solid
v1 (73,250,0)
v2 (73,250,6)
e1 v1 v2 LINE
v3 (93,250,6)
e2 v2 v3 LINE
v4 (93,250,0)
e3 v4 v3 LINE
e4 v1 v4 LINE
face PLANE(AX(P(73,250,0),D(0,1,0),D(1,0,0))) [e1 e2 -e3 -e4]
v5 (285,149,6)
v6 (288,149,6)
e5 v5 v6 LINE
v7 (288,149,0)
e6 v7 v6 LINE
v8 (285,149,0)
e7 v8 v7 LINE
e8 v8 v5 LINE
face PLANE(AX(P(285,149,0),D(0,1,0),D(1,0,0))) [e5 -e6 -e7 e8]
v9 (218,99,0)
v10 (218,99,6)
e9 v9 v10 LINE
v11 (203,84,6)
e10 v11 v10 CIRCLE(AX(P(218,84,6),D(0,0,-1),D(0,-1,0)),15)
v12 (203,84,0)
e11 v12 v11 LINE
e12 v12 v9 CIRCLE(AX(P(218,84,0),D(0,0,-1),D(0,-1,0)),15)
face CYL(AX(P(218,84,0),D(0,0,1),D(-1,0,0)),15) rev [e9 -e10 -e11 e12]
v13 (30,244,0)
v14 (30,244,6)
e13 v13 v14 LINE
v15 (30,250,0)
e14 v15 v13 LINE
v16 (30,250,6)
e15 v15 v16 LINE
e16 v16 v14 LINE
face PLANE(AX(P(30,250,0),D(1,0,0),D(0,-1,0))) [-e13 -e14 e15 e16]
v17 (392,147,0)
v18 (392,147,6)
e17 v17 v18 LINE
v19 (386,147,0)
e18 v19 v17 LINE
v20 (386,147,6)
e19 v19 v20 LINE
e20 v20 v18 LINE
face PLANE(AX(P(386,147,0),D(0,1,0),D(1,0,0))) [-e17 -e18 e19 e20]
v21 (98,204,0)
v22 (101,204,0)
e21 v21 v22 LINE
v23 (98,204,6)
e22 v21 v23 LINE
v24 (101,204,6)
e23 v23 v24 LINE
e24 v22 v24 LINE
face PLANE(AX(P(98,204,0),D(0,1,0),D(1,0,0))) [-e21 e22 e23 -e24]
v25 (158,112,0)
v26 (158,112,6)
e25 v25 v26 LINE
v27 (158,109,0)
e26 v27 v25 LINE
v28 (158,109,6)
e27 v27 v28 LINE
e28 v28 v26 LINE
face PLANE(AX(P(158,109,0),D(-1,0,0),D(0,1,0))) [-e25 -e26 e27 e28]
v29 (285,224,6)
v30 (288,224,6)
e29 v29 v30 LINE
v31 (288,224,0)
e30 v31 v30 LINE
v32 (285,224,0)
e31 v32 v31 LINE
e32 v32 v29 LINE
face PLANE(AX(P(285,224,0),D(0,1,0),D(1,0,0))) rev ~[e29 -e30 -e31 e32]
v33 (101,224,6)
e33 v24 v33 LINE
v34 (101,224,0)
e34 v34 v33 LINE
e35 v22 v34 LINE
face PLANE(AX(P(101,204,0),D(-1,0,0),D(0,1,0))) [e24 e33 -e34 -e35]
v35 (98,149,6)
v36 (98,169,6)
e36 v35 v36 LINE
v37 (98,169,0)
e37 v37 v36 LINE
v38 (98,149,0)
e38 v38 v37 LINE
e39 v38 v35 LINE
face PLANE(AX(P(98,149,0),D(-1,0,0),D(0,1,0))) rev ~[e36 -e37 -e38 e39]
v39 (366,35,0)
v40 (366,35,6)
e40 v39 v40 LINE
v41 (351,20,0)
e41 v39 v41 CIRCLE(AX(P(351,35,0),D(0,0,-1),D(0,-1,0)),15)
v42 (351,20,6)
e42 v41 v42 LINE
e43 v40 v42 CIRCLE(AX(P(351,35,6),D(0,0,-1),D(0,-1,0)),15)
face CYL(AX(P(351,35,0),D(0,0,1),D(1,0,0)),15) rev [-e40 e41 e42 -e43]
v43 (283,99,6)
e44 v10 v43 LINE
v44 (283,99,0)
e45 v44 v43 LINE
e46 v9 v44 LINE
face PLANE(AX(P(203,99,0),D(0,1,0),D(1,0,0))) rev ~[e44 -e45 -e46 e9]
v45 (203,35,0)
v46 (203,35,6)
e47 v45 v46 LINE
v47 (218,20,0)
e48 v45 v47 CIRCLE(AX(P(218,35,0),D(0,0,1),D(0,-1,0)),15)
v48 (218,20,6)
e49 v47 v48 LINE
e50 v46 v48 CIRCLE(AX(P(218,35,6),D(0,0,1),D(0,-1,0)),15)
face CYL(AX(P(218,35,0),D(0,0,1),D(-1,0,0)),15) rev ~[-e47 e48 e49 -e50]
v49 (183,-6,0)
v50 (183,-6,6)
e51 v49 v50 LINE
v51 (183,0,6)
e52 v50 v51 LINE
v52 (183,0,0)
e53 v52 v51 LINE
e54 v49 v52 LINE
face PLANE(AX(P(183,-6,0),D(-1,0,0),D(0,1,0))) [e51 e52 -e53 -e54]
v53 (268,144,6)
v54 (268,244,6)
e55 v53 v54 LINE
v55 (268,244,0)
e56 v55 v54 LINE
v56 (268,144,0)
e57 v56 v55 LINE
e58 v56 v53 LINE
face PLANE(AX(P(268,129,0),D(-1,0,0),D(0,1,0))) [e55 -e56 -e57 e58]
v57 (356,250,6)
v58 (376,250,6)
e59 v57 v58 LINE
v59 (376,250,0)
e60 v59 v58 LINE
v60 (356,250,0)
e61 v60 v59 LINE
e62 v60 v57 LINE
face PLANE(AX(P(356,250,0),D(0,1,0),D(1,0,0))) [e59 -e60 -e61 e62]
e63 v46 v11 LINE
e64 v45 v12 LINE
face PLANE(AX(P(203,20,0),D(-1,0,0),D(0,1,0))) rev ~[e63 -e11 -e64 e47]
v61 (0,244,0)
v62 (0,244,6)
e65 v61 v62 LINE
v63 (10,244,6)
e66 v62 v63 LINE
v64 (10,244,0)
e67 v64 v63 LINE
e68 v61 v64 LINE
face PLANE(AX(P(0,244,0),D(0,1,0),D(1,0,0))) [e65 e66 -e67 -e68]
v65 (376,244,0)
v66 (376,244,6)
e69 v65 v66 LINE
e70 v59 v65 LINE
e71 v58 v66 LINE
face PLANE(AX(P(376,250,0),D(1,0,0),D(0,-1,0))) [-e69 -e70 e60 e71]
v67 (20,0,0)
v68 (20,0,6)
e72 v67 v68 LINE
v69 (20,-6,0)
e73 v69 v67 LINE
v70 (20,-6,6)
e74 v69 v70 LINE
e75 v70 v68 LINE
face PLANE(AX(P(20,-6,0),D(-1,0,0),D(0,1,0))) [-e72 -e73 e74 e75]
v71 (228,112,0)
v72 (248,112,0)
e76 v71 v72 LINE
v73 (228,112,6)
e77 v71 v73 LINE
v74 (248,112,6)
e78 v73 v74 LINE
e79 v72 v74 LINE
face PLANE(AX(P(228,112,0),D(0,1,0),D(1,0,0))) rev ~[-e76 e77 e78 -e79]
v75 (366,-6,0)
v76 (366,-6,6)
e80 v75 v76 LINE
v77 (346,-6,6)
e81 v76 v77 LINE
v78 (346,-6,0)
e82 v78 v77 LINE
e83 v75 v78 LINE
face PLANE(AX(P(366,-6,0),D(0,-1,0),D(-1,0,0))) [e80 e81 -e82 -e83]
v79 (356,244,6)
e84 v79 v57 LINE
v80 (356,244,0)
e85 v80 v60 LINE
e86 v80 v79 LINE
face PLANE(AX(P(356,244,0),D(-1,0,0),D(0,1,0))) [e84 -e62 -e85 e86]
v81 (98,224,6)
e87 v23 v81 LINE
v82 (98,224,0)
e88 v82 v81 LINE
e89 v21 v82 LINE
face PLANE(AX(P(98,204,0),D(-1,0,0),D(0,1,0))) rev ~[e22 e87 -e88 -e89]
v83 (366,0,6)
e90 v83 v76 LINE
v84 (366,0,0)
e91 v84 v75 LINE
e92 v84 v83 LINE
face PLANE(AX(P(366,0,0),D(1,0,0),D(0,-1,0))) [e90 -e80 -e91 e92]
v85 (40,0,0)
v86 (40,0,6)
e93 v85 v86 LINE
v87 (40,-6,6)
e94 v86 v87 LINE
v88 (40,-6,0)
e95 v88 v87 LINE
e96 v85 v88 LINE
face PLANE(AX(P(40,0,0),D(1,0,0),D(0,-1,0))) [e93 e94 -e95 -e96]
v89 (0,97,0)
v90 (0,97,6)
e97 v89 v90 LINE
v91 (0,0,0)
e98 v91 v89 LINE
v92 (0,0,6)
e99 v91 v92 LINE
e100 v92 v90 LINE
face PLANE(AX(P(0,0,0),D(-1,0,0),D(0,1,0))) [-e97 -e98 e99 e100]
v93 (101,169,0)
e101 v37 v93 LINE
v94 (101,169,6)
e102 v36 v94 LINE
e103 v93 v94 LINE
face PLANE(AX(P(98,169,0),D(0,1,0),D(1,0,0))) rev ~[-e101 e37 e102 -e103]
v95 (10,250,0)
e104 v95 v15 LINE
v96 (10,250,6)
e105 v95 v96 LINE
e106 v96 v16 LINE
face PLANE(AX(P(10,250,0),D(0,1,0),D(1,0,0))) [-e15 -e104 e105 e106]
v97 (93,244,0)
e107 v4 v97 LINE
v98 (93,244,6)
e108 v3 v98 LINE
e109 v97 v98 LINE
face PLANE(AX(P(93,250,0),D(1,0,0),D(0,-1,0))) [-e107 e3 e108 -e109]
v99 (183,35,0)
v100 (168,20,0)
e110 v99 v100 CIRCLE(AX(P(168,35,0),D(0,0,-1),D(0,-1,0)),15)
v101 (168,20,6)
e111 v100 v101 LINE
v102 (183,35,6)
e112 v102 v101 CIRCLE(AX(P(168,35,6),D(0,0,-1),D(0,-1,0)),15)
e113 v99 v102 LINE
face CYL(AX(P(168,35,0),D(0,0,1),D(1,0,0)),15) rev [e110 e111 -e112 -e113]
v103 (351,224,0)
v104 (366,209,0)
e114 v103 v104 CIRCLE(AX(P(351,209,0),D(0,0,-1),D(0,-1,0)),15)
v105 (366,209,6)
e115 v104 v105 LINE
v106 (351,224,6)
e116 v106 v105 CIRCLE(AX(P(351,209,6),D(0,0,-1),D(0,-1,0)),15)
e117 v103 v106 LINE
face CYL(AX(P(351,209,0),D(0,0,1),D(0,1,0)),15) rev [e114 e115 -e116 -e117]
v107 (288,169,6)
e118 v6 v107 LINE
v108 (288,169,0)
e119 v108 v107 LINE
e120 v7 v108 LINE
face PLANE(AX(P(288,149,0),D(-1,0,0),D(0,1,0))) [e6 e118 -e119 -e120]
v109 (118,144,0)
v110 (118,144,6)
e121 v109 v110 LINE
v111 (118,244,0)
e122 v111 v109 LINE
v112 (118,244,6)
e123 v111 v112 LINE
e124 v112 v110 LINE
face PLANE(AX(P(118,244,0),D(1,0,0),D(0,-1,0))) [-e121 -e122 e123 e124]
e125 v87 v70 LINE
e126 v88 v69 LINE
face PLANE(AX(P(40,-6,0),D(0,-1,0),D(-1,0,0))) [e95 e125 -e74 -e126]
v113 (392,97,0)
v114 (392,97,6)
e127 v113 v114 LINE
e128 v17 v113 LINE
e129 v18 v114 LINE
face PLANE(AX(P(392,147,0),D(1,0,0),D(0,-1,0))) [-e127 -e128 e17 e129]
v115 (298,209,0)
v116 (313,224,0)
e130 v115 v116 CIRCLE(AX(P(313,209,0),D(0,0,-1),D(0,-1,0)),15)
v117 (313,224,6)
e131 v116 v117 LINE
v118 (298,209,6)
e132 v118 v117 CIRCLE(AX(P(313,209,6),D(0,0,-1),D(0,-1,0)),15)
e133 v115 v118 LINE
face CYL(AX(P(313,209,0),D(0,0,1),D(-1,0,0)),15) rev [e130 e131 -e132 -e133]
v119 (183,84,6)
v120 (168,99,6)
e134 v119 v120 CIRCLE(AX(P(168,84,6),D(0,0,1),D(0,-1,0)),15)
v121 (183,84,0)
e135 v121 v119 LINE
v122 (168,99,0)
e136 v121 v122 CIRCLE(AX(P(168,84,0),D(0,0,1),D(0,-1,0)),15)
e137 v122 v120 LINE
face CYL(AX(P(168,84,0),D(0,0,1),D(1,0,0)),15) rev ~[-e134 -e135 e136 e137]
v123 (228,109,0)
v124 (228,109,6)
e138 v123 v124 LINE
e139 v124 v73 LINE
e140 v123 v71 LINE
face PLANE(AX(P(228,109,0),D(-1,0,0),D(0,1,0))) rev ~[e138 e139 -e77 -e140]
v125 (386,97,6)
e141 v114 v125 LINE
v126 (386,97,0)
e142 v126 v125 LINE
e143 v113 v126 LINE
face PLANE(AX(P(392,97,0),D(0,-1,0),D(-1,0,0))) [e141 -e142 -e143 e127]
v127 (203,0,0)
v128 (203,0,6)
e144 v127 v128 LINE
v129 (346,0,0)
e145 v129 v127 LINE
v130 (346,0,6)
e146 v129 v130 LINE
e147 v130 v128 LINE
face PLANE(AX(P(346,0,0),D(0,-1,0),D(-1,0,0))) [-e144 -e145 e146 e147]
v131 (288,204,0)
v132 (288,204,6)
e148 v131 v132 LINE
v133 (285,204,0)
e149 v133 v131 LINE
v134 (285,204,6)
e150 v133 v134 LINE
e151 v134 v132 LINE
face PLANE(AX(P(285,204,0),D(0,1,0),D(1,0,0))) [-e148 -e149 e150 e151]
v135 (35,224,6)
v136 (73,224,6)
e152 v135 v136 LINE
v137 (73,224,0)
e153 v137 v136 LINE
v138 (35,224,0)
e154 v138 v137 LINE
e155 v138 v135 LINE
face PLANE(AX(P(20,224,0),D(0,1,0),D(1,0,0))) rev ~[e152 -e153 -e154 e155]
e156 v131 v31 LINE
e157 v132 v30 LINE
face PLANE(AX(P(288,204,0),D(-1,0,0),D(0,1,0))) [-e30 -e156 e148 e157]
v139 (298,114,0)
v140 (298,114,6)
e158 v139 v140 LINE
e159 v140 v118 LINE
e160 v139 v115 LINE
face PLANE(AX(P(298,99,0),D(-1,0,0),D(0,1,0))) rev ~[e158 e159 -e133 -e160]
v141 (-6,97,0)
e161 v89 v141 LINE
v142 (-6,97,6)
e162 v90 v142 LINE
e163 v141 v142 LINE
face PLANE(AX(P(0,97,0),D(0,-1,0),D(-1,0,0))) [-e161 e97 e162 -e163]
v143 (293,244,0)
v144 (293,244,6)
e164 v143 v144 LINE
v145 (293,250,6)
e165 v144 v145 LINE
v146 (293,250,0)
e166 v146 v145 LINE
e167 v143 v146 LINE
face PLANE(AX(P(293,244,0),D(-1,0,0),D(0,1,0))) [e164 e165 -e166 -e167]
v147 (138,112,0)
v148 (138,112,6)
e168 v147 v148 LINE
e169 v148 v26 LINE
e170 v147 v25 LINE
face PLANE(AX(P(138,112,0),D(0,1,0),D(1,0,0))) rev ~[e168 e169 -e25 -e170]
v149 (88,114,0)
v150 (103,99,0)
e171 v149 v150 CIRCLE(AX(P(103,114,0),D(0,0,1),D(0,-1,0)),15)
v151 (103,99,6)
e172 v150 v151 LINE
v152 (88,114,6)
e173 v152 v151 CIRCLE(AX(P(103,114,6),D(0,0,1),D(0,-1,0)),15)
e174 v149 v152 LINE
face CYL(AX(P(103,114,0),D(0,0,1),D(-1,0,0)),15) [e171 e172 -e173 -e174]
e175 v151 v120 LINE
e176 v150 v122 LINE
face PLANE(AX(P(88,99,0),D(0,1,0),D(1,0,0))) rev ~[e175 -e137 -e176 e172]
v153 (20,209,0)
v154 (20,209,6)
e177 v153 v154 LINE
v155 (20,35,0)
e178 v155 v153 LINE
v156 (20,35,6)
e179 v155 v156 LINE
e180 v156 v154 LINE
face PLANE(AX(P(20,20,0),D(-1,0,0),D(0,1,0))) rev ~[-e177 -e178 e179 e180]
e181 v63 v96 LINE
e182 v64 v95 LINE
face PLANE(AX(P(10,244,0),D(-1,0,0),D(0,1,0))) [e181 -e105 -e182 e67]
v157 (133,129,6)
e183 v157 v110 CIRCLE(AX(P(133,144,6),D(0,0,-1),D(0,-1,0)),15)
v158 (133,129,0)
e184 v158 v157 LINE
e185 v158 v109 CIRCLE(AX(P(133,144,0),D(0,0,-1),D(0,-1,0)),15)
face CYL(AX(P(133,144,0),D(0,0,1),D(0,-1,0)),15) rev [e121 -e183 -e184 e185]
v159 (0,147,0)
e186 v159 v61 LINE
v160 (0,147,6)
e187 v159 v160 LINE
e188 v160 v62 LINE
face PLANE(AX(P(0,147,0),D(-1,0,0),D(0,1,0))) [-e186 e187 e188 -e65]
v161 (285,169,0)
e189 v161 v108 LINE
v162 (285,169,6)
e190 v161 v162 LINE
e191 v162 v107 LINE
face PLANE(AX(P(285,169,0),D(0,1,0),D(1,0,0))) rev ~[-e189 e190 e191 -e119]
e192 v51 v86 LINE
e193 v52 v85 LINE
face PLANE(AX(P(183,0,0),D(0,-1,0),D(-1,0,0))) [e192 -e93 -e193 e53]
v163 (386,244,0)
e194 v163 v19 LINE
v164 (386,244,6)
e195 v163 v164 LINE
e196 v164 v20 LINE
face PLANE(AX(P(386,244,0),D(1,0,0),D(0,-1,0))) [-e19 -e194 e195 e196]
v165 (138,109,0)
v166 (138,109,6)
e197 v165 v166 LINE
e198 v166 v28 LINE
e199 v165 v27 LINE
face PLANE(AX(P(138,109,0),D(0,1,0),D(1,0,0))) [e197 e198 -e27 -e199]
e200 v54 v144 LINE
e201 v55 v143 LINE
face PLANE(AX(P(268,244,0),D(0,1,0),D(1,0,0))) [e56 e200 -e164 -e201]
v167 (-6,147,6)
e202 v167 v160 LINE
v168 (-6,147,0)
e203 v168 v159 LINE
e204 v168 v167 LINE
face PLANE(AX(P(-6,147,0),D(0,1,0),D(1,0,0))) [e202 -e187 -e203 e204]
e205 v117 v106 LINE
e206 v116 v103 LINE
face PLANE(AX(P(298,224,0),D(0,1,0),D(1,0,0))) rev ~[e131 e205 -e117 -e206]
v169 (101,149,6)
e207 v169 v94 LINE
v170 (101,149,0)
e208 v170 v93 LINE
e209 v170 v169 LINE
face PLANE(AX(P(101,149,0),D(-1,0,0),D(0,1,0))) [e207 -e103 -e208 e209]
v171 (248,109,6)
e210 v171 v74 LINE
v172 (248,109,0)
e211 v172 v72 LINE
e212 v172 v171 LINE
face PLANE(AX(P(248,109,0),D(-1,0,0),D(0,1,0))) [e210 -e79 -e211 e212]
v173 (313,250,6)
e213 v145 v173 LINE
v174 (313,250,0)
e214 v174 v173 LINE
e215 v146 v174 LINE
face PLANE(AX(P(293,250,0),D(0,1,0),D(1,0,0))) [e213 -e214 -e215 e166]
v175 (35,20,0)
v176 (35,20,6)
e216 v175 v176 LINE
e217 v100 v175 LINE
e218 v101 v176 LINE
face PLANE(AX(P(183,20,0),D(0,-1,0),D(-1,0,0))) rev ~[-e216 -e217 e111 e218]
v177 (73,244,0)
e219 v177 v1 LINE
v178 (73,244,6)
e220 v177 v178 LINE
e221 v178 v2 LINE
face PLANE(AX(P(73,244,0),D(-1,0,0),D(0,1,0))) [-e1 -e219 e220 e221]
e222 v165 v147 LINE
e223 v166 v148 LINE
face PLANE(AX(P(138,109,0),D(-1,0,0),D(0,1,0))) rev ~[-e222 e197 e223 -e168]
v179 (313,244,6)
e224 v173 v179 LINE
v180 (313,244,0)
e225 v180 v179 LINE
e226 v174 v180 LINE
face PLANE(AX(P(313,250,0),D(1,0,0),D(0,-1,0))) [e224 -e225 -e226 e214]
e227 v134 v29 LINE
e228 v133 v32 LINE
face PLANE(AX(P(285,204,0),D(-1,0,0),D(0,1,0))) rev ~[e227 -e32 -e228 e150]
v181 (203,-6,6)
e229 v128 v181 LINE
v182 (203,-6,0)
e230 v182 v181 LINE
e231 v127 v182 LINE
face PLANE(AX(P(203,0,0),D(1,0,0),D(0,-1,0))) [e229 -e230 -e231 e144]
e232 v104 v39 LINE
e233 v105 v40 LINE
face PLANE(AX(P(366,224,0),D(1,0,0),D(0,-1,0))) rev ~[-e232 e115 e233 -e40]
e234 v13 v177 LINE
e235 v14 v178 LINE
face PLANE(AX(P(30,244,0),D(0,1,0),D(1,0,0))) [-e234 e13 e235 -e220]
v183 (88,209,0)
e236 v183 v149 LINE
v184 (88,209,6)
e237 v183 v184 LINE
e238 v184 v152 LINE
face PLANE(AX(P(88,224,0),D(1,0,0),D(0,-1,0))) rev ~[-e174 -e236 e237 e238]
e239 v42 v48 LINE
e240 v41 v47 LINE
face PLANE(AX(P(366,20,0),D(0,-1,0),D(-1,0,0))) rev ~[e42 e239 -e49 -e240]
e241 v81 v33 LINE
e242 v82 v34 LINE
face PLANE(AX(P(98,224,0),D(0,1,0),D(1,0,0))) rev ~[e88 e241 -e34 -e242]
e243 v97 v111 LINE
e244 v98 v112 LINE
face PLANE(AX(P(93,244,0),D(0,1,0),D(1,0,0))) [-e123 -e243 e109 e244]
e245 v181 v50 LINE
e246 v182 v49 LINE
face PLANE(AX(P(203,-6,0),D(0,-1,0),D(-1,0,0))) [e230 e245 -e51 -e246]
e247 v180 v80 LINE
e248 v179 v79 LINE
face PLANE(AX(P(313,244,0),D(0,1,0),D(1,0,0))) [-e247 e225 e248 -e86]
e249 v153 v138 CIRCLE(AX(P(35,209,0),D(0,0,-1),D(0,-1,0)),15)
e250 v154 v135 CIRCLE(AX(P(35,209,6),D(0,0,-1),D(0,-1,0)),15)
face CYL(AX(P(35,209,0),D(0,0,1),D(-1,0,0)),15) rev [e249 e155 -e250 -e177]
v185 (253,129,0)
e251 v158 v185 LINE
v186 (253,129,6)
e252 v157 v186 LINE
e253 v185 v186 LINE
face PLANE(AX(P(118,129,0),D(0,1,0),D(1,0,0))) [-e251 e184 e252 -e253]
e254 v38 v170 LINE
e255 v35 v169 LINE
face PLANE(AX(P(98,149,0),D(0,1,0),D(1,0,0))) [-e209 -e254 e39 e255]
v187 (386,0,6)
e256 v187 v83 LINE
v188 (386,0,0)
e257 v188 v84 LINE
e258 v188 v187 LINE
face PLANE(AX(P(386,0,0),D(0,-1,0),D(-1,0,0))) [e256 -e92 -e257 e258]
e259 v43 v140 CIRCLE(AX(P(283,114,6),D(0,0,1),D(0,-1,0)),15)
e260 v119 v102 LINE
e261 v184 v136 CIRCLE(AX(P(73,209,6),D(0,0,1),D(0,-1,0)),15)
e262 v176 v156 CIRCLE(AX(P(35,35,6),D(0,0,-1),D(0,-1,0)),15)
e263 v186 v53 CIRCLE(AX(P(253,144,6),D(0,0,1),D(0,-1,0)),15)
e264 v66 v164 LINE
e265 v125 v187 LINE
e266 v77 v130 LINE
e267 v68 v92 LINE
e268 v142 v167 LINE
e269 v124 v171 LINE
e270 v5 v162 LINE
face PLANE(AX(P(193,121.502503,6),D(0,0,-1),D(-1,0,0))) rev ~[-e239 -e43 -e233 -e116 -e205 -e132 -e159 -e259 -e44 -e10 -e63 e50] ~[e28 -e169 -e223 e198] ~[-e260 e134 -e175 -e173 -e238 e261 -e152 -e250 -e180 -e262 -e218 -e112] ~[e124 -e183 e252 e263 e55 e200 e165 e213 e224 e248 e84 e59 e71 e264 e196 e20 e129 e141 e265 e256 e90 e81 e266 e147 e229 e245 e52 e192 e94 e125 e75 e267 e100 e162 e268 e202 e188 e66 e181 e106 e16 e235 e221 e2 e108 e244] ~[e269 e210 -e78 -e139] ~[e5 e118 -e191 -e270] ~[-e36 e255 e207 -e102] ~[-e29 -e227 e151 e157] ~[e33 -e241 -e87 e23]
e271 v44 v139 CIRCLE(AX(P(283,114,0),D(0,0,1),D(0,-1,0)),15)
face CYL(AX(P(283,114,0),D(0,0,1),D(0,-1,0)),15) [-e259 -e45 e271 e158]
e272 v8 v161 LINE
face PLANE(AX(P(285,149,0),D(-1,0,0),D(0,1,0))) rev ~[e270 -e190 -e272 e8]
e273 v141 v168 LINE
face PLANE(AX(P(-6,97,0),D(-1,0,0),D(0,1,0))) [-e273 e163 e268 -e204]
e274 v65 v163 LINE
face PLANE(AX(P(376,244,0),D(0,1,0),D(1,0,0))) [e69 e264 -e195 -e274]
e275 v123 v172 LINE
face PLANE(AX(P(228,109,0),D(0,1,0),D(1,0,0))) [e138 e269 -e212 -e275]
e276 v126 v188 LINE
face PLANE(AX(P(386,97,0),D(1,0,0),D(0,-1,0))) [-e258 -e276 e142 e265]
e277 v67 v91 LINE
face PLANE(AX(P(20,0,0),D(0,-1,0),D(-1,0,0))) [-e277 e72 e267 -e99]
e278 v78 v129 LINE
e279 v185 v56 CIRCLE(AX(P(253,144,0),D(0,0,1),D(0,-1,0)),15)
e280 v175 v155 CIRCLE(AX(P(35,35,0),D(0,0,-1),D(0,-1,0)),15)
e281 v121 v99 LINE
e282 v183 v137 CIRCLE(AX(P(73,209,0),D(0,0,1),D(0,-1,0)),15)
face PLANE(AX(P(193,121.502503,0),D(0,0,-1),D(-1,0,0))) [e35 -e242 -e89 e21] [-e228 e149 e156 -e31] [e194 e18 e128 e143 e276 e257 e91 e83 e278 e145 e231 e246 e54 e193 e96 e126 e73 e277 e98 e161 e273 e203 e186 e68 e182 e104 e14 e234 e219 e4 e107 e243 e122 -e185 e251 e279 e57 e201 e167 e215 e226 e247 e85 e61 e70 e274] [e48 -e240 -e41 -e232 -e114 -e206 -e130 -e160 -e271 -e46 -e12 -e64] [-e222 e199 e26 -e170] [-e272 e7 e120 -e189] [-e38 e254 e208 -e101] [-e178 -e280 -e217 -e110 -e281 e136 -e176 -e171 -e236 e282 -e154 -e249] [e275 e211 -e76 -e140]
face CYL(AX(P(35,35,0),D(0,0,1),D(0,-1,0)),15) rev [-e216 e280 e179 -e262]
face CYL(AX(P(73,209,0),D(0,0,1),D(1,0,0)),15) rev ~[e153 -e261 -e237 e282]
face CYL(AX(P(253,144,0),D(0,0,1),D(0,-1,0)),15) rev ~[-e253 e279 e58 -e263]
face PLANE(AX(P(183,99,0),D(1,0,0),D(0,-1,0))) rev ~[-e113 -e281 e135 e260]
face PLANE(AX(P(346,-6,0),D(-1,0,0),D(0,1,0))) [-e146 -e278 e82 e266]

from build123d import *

# Parameters (mm, degrees)
SKETCH_1_W      = 3
SKETCH_1_H      = 20
SKETCH_1_W_2    = 20
SKETCH_1_H_2    = 3
EXTRUDE_1_DEPTH = 6
FILLET_2_R      = 15
FILLET_3_R      = 15
FILLET_4_R      = 15
FILLET_5_R      = 15
FILLET_6_R      = 15
FILLET_7_R      = 15
FILLET_8_R      = 15
FILLET_9_R      = 15
FILLET_10_R     = 15
FILLET_11_R     = 15
FILLET_12_R     = 15
FILLET_13_R     = 15
FILLET_14_R     = 15
FILLET_15_R     = 15


with BuildPart() as part:
    # Эскиз1 → Бобышка-Вытянуть1 (new body)
    with BuildSketch(Plane.XY):
        Polygon((118, 244), (118, 129), (268, 129), (268, 244), (293, 244), (293, 250), (313, 250), (313, 244), (356, 244), (356, 250), (376, 250), (376, 244), (386, 244), (386, 147), (392, 147), (392, 97), (386, 97), (386, 0), (366, 0), (366, -6), (346, -6), (346, 0), (203, 0), (203, -6), (183, -6), (183, 0), (40, 0), (40, -6), (20, -6), (20, 0), (0, 0), (0, 97), (-6, 97), (-6, 147), (0, 147), (0, 244), (10, 244), (10, 250), (30, 250), (30, 244), (73, 244), (73, 250), (93, 250), (93, 244), align=None)
        Polygon((20, 20), (20, 224), (88, 224), (88, 99), (183, 99), (183, 20), align=None, mode=Mode.SUBTRACT)
        Polygon((298, 99), (298, 224), (366, 224), (366, 20), (203, 20), (203, 99), align=None, mode=Mode.SUBTRACT)
        with Locations((99.5, 214)):
            Rectangle(SKETCH_1_W, SKETCH_1_H, mode=Mode.SUBTRACT)
        with Locations((99.5, 159)):
            Rectangle(SKETCH_1_W, SKETCH_1_H, mode=Mode.SUBTRACT)
        with Locations((148, 110.5)):
            Rectangle(SKETCH_1_W_2, SKETCH_1_H_2, mode=Mode.SUBTRACT)
        with Locations((238, 110.5)):
            Rectangle(SKETCH_1_W_2, SKETCH_1_H_2, mode=Mode.SUBTRACT)
        with Locations((286.5, 214)):
            Rectangle(SKETCH_1_W, SKETCH_1_H, mode=Mode.SUBTRACT)
        with Locations((286.5, 159)):
            Rectangle(SKETCH_1_W, SKETCH_1_H, mode=Mode.SUBTRACT)
    extrude(amount=EXTRUDE_1_DEPTH)

    # Скругление2
    fillet_2_edges = [part.edges().sort_by_distance(p)[0] for p in [
        (366, 20, 3),
    ]]
    fillet(fillet_2_edges, radius=FILLET_2_R)

    # Скругление3
    fillet_3_edges = [part.edges().sort_by_distance(p)[0] for p in [
        (203, 99, 3),
    ]]
    fillet(fillet_3_edges, radius=FILLET_3_R)

    # Скругление4
    fillet_4_edges = [part.edges().sort_by_distance(p)[0] for p in [
        (203, 20, 3),
    ]]
    fillet(fillet_4_edges, radius=FILLET_4_R)

    # Скругление5
    fillet_5_edges = [part.edges().sort_by_distance(p)[0] for p in [
        (298, 99, 3),
    ]]
    fillet(fillet_5_edges, radius=FILLET_5_R)

    # Скругление6
    fillet_6_edges = [part.edges().sort_by_distance(p)[0] for p in [
        (298, 224, 3),
    ]]
    fillet(fillet_6_edges, radius=FILLET_6_R)

    # Скругление7
    fillet_7_edges = [part.edges().sort_by_distance(p)[0] for p in [
        (366, 224, 3),
    ]]
    fillet(fillet_7_edges, radius=FILLET_7_R)

    # Скругление8
    fillet_8_edges = [part.edges().sort_by_distance(p)[0] for p in [
        (183, 99, 3),
    ]]
    fillet(fillet_8_edges, radius=FILLET_8_R)

    # Скругление9
    fillet_9_edges = [part.edges().sort_by_distance(p)[0] for p in [
        (20, 224, 3),
    ]]
    fillet(fillet_9_edges, radius=FILLET_9_R)

    # Скругление10
    fillet_10_edges = [part.edges().sort_by_distance(p)[0] for p in [
        (88, 99, 3),
    ]]
    fillet(fillet_10_edges, radius=FILLET_10_R)

    # Скругление11
    fillet_11_edges = [part.edges().sort_by_distance(p)[0] for p in [
        (88, 224, 3),
    ]]
    fillet(fillet_11_edges, radius=FILLET_11_R)

    # Скругление12
    fillet_12_edges = [part.edges().sort_by_distance(p)[0] for p in [
        (183, 20, 3),
    ]]
    fillet(fillet_12_edges, radius=FILLET_12_R)

    # Скругление13
    fillet_13_edges = [part.edges().sort_by_distance(p)[0] for p in [
        (20, 20, 3),
    ]]
    fillet(fillet_13_edges, radius=FILLET_13_R)

    # Скругление14
    fillet_14_edges = [part.edges().sort_by_distance(p)[0] for p in [
        (268, 129, 3),
    ]]
    fillet(fillet_14_edges, radius=FILLET_14_R)

    # Скругление15
    fillet_15_edges = [part.edges().sort_by_distance(p)[0] for p in [
        (118, 129, 3),
    ]]
    fillet(fillet_15_edges, radius=FILLET_15_R)


solid = part.part
